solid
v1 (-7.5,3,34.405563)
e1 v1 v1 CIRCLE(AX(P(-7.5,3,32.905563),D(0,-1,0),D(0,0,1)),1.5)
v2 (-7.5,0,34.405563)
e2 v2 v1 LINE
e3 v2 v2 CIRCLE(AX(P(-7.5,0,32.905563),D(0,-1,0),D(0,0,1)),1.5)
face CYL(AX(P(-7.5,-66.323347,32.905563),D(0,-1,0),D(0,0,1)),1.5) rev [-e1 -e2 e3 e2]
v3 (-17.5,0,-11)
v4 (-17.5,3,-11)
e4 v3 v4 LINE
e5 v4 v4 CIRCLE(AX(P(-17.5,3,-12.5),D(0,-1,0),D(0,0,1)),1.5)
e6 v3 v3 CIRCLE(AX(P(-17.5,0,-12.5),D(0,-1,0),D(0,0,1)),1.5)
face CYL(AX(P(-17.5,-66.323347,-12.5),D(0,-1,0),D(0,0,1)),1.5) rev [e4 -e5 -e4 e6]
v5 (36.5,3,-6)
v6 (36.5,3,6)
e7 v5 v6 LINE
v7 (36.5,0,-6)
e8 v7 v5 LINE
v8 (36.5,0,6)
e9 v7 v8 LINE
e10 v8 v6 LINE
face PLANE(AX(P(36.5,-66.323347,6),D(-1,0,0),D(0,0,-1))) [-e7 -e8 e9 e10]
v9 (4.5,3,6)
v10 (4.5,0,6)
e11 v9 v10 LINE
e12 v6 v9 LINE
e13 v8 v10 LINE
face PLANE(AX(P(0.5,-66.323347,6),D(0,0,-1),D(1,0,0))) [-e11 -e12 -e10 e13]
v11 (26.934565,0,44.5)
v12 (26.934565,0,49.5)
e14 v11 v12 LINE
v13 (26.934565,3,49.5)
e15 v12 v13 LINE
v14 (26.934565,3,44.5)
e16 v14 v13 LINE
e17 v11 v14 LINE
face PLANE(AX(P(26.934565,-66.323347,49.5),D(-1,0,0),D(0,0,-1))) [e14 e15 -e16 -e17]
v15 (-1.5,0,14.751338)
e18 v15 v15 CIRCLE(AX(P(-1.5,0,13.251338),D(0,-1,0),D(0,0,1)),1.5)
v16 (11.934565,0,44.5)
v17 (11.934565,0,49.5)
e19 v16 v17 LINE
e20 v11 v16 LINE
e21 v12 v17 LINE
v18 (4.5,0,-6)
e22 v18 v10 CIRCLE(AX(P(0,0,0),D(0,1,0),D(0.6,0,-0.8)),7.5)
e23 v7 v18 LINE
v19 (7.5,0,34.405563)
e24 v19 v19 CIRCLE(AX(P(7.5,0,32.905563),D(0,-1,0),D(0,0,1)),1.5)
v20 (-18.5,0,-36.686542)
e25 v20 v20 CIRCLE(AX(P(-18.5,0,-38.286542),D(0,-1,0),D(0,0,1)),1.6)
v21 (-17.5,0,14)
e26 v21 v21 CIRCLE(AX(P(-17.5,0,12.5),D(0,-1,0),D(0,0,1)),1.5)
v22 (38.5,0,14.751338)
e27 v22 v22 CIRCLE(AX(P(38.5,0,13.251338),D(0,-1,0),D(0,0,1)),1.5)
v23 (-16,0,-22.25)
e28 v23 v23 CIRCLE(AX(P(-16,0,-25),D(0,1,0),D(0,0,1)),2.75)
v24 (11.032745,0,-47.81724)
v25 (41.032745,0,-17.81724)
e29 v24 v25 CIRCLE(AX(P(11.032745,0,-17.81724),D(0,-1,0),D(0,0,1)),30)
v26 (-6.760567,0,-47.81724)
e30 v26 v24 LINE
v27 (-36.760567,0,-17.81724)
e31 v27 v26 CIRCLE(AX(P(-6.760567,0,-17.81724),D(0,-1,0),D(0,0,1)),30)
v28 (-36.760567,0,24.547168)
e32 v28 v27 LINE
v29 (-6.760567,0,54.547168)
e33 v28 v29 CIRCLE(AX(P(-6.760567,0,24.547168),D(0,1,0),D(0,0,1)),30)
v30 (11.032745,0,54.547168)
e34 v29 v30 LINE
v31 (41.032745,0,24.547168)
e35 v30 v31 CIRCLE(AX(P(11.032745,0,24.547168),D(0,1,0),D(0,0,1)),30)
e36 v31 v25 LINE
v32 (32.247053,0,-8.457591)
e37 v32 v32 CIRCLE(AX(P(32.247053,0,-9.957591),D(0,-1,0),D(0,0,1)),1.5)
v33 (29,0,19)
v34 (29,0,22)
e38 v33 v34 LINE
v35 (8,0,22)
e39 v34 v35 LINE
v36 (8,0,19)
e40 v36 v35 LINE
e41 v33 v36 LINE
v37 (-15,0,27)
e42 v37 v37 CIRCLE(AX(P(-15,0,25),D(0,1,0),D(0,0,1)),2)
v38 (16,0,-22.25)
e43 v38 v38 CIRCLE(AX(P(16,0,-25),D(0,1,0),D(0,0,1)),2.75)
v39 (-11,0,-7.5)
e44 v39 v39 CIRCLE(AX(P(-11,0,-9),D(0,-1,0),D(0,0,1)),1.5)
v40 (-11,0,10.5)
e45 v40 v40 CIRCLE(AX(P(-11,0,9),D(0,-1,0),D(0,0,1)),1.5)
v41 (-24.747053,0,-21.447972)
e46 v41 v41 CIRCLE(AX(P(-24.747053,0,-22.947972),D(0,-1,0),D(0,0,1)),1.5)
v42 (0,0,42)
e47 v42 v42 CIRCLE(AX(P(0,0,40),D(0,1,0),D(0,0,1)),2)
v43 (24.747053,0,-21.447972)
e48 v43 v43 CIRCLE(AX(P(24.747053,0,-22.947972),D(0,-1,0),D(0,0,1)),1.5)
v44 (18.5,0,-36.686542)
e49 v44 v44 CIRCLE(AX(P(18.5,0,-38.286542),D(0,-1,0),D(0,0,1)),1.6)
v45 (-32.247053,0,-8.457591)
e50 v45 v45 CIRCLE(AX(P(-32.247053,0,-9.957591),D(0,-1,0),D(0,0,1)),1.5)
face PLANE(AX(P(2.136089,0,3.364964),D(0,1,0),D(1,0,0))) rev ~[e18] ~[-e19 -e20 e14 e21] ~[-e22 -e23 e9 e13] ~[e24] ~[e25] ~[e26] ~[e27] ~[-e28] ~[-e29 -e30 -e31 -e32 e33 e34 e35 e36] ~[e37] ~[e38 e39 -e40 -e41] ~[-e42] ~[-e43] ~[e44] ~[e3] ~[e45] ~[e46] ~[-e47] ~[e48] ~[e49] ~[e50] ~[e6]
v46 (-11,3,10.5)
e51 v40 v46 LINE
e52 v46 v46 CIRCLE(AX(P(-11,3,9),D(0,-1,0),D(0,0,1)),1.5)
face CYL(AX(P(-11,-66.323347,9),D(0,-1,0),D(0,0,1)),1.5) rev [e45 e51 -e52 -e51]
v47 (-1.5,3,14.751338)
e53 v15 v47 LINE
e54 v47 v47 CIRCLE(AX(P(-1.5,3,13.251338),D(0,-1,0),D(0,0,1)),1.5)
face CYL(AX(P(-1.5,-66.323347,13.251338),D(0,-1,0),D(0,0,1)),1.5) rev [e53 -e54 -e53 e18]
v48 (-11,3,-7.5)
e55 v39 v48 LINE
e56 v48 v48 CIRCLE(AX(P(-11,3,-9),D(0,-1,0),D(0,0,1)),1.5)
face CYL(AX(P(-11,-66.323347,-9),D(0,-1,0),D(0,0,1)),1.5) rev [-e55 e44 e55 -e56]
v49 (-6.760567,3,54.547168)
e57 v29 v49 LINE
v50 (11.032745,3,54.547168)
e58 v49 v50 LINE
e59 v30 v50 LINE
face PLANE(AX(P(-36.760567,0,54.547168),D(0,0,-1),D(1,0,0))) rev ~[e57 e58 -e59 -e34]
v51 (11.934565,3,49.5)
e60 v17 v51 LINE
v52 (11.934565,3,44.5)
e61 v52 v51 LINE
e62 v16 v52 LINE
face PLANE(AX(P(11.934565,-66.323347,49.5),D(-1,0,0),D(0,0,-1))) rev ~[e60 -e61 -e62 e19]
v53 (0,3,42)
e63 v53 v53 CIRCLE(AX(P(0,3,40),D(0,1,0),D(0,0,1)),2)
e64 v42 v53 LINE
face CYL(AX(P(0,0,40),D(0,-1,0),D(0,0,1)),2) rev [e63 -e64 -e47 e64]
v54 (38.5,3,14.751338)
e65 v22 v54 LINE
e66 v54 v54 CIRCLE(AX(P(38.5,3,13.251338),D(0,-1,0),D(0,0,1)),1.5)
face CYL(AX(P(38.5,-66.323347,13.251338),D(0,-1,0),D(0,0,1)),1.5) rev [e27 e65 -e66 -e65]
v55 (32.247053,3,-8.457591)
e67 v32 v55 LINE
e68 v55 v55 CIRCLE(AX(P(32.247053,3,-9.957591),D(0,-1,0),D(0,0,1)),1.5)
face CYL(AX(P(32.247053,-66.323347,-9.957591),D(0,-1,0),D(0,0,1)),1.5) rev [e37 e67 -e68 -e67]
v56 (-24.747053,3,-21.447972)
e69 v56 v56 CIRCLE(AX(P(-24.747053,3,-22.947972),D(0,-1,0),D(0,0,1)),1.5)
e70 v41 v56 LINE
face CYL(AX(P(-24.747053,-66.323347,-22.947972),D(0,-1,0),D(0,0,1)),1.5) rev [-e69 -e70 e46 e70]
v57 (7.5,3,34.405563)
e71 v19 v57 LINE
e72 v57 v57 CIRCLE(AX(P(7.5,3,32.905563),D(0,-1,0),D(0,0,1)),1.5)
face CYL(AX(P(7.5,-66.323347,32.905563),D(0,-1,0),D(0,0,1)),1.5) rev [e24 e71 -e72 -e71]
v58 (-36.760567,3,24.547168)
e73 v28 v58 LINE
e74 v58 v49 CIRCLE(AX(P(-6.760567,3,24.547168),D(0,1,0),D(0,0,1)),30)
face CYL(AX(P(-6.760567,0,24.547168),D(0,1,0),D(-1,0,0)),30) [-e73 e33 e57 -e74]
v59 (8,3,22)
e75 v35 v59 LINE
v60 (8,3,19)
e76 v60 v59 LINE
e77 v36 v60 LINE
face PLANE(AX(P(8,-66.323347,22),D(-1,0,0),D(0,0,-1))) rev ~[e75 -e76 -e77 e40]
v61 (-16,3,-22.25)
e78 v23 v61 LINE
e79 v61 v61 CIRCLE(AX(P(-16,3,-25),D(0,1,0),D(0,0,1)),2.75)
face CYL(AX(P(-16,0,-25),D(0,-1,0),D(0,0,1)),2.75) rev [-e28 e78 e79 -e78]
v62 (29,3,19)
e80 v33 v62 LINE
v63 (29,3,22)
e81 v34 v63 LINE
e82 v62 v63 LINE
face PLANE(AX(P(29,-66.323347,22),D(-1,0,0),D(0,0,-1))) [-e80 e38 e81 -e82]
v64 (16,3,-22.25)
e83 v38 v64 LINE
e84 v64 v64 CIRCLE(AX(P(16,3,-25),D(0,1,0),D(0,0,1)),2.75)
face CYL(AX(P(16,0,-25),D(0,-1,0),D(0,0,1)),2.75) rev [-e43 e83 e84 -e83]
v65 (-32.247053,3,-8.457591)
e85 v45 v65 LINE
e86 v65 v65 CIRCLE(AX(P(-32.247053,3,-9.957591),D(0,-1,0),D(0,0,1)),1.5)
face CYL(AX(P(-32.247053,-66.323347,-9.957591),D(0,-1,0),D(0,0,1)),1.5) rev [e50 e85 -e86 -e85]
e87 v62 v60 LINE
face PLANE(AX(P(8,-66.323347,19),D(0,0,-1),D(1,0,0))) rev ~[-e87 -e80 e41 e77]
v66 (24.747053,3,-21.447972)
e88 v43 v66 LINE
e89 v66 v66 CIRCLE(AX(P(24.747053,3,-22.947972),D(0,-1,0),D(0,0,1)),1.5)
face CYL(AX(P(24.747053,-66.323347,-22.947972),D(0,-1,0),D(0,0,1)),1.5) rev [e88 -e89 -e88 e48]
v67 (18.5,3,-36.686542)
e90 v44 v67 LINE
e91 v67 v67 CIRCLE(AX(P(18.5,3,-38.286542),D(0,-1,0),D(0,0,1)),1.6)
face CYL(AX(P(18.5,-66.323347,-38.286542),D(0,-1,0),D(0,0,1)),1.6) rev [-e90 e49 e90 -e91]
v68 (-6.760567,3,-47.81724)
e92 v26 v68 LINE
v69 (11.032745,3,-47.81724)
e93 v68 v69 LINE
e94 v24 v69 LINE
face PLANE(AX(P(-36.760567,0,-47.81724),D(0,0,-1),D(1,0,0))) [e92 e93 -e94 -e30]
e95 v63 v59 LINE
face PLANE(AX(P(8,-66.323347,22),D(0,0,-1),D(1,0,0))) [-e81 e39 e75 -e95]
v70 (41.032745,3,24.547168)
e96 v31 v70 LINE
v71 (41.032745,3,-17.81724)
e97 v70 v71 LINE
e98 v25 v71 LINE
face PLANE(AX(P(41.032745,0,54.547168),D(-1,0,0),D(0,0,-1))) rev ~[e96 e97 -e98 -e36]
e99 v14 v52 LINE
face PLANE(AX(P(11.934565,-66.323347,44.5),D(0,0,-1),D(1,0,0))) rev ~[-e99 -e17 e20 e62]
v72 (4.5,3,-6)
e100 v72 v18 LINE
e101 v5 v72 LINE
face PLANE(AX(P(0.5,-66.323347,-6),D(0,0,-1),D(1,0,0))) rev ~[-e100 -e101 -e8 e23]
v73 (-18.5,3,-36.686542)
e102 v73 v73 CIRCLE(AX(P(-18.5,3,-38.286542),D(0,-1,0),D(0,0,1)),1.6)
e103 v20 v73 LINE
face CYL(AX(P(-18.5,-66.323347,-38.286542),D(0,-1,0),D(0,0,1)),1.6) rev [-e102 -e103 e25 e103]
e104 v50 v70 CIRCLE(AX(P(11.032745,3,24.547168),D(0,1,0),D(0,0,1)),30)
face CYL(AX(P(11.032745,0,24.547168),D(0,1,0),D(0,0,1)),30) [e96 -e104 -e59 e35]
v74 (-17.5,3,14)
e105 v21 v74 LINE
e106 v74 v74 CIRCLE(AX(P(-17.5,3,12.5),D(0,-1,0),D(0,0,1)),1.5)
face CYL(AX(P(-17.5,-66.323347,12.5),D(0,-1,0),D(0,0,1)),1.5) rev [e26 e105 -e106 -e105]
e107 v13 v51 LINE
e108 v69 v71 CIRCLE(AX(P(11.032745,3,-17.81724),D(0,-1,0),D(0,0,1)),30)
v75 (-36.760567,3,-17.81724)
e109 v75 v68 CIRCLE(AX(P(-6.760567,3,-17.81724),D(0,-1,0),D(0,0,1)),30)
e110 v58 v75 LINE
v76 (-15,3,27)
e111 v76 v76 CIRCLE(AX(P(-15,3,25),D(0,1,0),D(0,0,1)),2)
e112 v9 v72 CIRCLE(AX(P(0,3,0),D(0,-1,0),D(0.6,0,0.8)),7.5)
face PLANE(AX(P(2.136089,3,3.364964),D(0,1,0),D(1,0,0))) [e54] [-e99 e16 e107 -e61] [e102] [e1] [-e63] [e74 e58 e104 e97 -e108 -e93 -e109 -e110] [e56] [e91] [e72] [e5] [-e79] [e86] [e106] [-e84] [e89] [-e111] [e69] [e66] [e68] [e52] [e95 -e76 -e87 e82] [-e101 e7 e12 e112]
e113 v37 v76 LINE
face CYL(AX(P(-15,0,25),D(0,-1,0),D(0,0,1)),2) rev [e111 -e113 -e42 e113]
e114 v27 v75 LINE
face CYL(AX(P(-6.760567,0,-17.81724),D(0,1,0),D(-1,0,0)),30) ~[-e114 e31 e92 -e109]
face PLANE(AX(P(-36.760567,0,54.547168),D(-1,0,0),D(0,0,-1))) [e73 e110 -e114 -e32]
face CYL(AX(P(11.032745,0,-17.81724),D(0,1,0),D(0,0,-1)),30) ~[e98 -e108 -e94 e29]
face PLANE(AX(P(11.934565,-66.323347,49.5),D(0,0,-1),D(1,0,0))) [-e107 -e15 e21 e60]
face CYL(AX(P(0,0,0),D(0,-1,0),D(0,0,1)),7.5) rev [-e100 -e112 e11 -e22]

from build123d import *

# Parameters (mm, degrees)
SKETCH1_W               = 77.793311879
SKETCH1_H               = 102.364407774
SKETCH1_R               = 2.75
SKETCH1_R_2             = 2
SKETCH1_R_3             = 7.5
BOSS_EXTRUDE1_DEPTH     = 3
CUT_EXTRUDE1_DEPTH      = 69.323346558
CUT_EXTRUDE1_DEPTH_BACK = 69.323346558
SKETCH2_R               = 1.5
CUT_EXTRUDE2_DEPTH      = 69.323346558
CUT_EXTRUDE2_DEPTH_BACK = 69.323346558
SKETCH3_W               = 36
SKETCH3_H               = 12
SKETCH3_W_2             = 21
SKETCH3_H_2             = 3
SKETCH3_W_3             = 15
SKETCH3_H_3             = 5
SKETCH3_R               = 1.5
CUT_EXTRUDE3_DEPTH      = 69.323346558
CUT_EXTRUDE3_DEPTH_BACK = 69.323346558
SKETCH4_R               = 1.5
CUT_EXTRUDE4_DEPTH      = 69.323346558
CUT_EXTRUDE4_DEPTH_BACK = 69.323346558
SKETCH5_R               = 1.6
FILLET1_R               = 30
CUT_EXTRUDE5_DEPTH      = 69.323346558
CUT_EXTRUDE5_DEPTH_BACK = 69.323346558
SKETCH6_R               = 1.5


with BuildPart() as part:
    # Sketch1 → Boss-Extrude1 (new body)
    with BuildSketch(Plane(origin=(0, 0, 0), x_dir=(1, 0, 0), z_dir=(0, 1, 0))):
        with Locations((2.136088924, -3.364964086)):
            Rectangle(SKETCH1_W, SKETCH1_H)
        with Locations(Location((-16, 25, 0), (0, 0, 270))):
            Circle(SKETCH1_R, mode=Mode.SUBTRACT)
        with Locations(Location((16, 25, 0), (0, 0, 270))):
            Circle(SKETCH1_R, mode=Mode.SUBTRACT)
        with Locations(Location((-15, -25, 0), (0, 0, 270))):
            Circle(SKETCH1_R_2, mode=Mode.SUBTRACT)
        with Locations(Location((0, 0, 0), (0, 0, 270))):
            Circle(SKETCH1_R_3, mode=Mode.SUBTRACT)
        with Locations(Location((0, -40, 0), (0, 0, 270))):
            Circle(SKETCH1_R_2, mode=Mode.SUBTRACT)
    extrude(amount=BOSS_EXTRUDE1_DEPTH)

    # Sketch2 → Cut-Extrude1 (cut, two sides: drawn at the far end of the back side and taken through both)
    with BuildSketch(Plane(origin=(0, 3, 0), x_dir=(1, 0, 0), z_dir=(0, 1, 0)).offset(-CUT_EXTRUDE1_DEPTH_BACK)):
        with Locations(Location((7.5, -32.905563019, 0), (0, 0, 270))):
            Circle(SKETCH2_R)
        with Locations(Location((-7.5, -32.905563019, 0), (0, 0, 270))):
            Circle(SKETCH2_R)
        with Locations(Location((-32.2470535, 9.957590981, 0), (0, 0, 270))):
            Circle(SKETCH2_R)
        with Locations(Location((-24.7470535, 22.947972038, 0), (0, 0, 270))):
            Circle(SKETCH2_R)
        with Locations(Location((24.7470535, 22.947972038, 0), (0, 0, 270))):
            Circle(SKETCH2_R)
        with Locations(Location((32.2470535, 9.957590981, 0), (0, 0, 270))):
            Circle(SKETCH2_R)
    extrude(amount=CUT_EXTRUDE1_DEPTH + CUT_EXTRUDE1_DEPTH_BACK, mode=Mode.SUBTRACT)

    # Sketch3 → Cut-Extrude2 (cut, two sides: drawn at the far end of the back side and taken through both)
    with BuildSketch(Plane(origin=(0, 3, 0), x_dir=(1, 0, 0), z_dir=(0, 1, 0)).offset(-CUT_EXTRUDE2_DEPTH_BACK)):
        with Locations((18.5, 0)):
            Rectangle(SKETCH3_W, SKETCH3_H)
        with Locations((18.5, -20.5)):
            Rectangle(SKETCH3_W_2, SKETCH3_H_2)
        with Locations((19.434564823, -47)):
            Rectangle(SKETCH3_W_3, SKETCH3_H_3)
        with Locations(Location((38.5, -13.251338354, 0), (0, 0, 270))):
            Circle(SKETCH3_R)
        with Locations(Location((-1.5, -13.251338354, 0), (0, 0, 270))):
            Circle(SKETCH3_R)
    extrude(amount=CUT_EXTRUDE2_DEPTH + CUT_EXTRUDE2_DEPTH_BACK, mode=Mode.SUBTRACT)

    # Sketch4 → Cut-Extrude3 (cut, two sides: drawn at the far end of the back side and taken through both)
    with BuildSketch(Plane(origin=(0, 3, 0), x_dir=(1, 0, 0), z_dir=(0, 1, 0)).offset(-CUT_EXTRUDE3_DEPTH_BACK)):
        with Locations(Location((-11, 9, 0), (0, 0, 270))):
            Circle(SKETCH4_R)
        with Locations(Location((-11, -9, 0), (0, 0, 270))):
            Circle(SKETCH4_R)
    extrude(amount=CUT_EXTRUDE3_DEPTH + CUT_EXTRUDE3_DEPTH_BACK, mode=Mode.SUBTRACT)

    # Sketch5 → Cut-Extrude4 (cut, two sides: drawn at the far end of the back side and taken through both)
    with BuildSketch(Plane(origin=(0, 3, 0), x_dir=(1, 0, 0), z_dir=(0, 1, 0)).offset(-CUT_EXTRUDE4_DEPTH_BACK)):
        with Locations(Location((18.5, 38.28654225, 0), (0, 0, 270))):
            Circle(SKETCH5_R)
        with Locations(Location((-18.5, 38.28654225, 0), (0, 0, 270))):
            Circle(SKETCH5_R)
    extrude(amount=CUT_EXTRUDE4_DEPTH + CUT_EXTRUDE4_DEPTH_BACK, mode=Mode.SUBTRACT)

    # Fillet1
    fillet1_edges = [part.edges().sort_by_distance(p)[0] for p in [
        (-36.760567016, 1.5, -47.817239801),
        (41.032744863, 1.5, -47.817239801),
        (41.032744863, 1.5, 54.547167973),
        (-36.760567016, 1.5, 54.547167973),
    ]]
    fillet(fillet1_edges, radius=FILLET1_R)

    # Sketch6 → Cut-Extrude5 (cut, two sides: drawn at the far end of the back side and taken through both)
    with BuildSketch(Plane(origin=(0, 3, 0), x_dir=(1, 0, 0), z_dir=(0, 1, 0)).offset(-CUT_EXTRUDE5_DEPTH_BACK)):
        with Locations(Location((-17.49999993, 12.5, 0), (0, 0, 270))):
            Circle(SKETCH6_R)
        with Locations(Location((-17.49999993, -12.5, 0), (0, 0, 270))):
            Circle(SKETCH6_R)
    extrude(amount=CUT_EXTRUDE5_DEPTH + CUT_EXTRUDE5_DEPTH_BACK, mode=Mode.SUBTRACT)


solid = part.part
